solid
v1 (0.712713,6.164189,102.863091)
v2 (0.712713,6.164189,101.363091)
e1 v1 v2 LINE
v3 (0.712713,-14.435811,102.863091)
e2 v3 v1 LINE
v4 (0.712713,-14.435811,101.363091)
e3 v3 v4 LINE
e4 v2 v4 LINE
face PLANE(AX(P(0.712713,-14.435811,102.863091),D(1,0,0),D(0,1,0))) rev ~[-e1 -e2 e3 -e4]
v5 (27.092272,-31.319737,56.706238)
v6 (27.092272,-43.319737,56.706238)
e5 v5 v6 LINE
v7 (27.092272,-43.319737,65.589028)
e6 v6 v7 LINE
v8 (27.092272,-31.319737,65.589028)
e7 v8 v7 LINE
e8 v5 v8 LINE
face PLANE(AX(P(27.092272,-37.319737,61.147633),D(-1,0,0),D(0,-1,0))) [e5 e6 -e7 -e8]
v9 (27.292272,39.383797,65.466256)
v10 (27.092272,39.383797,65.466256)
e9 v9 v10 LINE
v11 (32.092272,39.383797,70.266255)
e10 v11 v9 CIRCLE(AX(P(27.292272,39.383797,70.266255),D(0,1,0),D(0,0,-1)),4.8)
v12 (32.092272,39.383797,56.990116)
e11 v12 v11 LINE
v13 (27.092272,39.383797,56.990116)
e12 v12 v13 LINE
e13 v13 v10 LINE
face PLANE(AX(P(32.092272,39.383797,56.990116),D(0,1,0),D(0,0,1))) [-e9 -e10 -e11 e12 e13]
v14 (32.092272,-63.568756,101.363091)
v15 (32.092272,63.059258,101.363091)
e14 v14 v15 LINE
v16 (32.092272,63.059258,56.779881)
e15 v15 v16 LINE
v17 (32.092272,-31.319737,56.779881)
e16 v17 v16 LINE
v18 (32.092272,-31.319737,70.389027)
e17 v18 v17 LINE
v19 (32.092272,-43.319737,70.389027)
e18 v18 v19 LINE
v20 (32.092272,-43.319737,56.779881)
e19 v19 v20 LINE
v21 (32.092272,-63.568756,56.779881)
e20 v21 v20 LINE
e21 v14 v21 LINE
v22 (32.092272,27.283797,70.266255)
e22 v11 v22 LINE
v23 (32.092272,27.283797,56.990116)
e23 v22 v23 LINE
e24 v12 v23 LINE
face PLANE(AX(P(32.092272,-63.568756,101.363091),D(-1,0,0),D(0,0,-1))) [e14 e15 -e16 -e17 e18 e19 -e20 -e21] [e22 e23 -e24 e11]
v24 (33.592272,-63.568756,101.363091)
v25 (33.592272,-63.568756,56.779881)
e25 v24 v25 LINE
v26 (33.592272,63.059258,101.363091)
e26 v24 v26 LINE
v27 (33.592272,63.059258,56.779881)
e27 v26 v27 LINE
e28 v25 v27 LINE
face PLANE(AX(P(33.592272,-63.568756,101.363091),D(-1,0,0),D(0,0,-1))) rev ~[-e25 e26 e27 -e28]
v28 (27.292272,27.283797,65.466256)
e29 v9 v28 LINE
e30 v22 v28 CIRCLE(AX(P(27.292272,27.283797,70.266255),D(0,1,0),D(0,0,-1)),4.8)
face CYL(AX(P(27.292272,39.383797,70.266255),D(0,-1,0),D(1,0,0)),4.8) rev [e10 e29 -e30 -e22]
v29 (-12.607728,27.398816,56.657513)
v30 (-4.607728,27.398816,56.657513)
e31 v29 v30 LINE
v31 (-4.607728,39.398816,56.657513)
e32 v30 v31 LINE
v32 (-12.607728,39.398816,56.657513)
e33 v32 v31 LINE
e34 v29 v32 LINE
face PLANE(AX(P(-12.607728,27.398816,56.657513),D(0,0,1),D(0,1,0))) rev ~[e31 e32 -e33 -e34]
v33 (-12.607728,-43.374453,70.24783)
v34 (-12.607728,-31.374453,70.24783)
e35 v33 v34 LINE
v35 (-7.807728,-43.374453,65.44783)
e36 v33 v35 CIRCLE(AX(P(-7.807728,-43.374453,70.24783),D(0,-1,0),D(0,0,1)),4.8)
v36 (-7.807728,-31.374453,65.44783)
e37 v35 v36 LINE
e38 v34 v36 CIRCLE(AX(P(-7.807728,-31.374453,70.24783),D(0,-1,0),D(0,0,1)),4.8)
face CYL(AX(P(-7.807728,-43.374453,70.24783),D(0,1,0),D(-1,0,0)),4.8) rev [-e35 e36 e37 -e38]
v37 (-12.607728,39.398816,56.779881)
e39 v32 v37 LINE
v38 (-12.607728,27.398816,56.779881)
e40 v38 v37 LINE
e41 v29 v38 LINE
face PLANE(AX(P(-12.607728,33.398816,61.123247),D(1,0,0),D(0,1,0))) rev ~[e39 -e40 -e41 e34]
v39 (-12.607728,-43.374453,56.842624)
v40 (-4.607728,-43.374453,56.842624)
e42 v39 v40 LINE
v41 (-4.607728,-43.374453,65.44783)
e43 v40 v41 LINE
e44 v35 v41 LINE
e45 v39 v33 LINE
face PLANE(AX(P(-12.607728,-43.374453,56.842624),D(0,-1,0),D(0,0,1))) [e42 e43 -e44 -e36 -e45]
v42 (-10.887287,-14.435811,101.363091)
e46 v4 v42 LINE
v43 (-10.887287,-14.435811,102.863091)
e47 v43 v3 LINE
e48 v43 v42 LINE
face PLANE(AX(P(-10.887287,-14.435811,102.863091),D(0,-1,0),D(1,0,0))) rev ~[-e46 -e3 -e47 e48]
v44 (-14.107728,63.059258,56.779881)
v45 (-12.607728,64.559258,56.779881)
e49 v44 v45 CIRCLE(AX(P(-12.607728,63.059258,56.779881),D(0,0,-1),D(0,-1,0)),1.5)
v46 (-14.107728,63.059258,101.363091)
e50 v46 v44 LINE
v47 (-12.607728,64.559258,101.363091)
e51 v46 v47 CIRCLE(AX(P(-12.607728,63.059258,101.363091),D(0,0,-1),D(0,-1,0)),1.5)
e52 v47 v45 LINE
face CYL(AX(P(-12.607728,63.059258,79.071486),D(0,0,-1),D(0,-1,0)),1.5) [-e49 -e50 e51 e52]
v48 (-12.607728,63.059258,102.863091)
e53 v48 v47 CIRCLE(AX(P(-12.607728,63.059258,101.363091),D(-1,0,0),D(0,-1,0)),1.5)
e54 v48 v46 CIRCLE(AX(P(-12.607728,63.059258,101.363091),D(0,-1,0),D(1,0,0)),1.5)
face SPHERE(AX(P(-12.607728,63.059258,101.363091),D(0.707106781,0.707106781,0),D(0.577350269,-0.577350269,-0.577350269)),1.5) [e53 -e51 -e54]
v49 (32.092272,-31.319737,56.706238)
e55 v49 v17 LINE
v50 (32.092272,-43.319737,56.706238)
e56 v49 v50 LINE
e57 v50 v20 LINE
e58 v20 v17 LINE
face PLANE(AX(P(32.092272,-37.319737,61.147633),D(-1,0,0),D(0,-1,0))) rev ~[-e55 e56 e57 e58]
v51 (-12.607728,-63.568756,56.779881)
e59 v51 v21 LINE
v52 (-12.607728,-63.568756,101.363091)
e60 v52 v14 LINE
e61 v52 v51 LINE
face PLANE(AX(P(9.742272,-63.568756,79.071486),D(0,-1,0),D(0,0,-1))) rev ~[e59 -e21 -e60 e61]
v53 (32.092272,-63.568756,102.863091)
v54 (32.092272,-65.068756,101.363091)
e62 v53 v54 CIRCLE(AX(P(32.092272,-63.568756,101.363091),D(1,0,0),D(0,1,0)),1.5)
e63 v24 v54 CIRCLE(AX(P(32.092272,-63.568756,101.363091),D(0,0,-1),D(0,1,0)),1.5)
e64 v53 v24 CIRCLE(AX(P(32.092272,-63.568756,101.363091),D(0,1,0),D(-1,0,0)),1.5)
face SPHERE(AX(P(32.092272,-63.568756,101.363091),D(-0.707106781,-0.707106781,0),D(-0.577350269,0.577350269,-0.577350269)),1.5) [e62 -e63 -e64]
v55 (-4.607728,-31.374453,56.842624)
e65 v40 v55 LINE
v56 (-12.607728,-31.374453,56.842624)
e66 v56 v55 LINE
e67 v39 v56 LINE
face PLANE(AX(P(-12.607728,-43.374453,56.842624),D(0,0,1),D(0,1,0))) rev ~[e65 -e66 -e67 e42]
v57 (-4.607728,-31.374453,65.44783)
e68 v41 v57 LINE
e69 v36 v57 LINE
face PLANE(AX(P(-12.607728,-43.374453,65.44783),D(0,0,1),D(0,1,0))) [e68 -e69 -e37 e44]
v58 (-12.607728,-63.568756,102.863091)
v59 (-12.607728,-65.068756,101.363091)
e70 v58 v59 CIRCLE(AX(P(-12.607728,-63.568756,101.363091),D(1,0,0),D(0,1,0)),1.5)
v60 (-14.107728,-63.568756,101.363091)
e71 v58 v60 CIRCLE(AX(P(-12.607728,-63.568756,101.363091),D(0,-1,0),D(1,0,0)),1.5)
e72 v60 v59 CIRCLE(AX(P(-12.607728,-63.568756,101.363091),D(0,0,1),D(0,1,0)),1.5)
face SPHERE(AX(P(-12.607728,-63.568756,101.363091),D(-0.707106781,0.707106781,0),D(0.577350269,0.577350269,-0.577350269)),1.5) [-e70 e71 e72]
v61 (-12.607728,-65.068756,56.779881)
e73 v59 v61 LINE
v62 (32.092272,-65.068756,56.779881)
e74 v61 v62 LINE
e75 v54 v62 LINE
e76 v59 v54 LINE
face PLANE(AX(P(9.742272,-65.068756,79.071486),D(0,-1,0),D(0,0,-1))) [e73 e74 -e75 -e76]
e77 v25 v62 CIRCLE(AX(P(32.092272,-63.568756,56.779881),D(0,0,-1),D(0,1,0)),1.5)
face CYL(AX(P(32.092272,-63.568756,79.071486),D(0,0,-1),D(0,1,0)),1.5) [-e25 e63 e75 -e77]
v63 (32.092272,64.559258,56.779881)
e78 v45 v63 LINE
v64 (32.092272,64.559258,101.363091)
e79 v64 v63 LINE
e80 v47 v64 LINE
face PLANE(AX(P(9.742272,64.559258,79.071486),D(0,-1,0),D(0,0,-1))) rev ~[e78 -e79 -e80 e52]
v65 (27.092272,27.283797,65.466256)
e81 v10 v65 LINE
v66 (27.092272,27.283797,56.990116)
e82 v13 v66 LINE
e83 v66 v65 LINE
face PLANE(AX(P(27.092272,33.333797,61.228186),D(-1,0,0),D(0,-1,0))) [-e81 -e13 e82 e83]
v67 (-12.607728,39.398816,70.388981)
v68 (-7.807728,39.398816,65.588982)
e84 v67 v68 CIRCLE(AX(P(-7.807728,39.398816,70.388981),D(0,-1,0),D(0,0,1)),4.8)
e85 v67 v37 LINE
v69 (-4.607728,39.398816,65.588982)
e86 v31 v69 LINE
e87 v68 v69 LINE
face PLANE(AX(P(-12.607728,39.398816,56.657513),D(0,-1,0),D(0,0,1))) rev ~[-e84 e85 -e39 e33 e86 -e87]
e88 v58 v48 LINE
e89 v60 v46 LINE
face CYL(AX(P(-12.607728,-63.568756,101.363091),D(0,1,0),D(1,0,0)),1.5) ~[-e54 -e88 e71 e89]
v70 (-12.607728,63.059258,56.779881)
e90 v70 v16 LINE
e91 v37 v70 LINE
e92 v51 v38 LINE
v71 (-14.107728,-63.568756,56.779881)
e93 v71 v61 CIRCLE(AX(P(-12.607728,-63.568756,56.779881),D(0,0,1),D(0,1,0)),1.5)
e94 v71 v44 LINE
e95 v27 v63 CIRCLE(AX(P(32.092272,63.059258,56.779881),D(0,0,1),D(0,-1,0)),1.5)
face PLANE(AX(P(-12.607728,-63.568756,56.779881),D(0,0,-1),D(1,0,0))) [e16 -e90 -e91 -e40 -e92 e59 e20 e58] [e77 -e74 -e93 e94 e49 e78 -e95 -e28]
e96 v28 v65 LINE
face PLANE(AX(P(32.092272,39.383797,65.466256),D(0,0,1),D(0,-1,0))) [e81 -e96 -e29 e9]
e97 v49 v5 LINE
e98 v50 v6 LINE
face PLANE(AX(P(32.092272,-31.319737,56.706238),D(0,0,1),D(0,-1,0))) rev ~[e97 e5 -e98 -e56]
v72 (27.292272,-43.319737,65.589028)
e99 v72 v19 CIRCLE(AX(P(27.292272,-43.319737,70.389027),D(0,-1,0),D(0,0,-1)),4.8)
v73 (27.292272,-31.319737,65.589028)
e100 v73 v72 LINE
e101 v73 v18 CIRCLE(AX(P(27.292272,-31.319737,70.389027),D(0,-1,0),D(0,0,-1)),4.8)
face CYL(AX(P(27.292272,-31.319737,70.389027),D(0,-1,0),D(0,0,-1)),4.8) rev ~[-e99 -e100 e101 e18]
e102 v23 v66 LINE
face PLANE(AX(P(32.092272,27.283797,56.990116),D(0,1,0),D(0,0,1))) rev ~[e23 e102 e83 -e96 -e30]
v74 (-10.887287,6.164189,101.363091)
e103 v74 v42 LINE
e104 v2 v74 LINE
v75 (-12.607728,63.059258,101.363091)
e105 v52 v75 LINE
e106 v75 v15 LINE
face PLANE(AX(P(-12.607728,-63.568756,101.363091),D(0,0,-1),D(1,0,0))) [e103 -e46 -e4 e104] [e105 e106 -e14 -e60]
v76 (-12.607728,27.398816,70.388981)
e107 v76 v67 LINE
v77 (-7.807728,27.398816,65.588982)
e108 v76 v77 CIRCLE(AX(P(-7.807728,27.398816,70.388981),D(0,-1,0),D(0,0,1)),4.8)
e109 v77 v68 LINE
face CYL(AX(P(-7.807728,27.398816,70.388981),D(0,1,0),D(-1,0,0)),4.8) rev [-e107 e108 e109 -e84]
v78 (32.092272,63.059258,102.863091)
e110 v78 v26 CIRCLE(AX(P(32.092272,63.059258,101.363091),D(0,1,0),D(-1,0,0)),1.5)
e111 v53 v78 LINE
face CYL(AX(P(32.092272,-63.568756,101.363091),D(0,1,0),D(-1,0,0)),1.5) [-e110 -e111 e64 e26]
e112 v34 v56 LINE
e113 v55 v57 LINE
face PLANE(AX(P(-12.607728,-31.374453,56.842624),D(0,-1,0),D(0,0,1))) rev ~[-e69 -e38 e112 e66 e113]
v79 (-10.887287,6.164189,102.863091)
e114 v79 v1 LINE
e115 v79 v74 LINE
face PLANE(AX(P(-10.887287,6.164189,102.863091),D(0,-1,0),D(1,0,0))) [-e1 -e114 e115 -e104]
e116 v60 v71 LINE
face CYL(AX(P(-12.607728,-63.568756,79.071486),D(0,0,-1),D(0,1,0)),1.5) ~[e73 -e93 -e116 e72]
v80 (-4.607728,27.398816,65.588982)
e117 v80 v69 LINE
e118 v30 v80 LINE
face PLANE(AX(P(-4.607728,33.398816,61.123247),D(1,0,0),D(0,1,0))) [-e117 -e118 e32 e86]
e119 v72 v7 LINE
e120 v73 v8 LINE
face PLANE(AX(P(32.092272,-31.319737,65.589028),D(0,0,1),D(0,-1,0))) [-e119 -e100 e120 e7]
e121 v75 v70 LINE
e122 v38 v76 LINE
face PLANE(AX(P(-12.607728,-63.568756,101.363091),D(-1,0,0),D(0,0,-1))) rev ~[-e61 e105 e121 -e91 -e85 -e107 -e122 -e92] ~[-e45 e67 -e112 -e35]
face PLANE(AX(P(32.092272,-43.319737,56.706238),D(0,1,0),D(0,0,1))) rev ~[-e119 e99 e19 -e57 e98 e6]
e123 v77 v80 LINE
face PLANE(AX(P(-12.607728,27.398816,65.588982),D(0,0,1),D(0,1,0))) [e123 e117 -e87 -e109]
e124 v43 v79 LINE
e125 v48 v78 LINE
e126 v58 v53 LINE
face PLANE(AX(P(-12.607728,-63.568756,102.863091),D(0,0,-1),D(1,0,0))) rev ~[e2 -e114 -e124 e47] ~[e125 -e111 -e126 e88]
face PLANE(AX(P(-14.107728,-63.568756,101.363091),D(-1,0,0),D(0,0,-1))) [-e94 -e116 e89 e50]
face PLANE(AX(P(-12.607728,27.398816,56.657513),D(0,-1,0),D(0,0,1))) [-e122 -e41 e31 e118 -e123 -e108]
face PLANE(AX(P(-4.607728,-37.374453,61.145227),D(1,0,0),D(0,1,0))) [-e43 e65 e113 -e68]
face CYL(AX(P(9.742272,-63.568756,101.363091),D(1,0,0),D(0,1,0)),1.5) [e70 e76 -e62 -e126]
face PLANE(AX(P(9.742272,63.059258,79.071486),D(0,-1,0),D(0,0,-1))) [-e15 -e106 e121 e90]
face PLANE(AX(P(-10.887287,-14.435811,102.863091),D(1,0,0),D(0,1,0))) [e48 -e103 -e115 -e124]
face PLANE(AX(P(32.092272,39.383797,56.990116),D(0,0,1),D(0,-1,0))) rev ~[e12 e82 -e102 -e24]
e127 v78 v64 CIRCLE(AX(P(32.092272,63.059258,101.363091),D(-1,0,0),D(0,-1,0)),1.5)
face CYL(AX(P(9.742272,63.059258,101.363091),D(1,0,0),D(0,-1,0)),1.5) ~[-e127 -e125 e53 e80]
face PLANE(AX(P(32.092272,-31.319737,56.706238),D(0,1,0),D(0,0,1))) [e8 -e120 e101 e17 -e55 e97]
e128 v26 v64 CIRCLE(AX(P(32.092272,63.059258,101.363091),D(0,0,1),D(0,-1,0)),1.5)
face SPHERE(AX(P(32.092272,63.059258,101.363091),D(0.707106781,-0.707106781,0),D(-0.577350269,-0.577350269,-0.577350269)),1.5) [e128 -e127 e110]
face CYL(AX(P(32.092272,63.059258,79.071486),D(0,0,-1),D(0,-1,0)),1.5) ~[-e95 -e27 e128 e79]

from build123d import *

# Parameters (mm, degrees)
SKETCH008_W     = 44.58321
SKETCH008_H     = 44.7
PAD006_DEPTH    = 126.628014
THICKNESS_T     = 1.5
SKETCH009_W     = 12
SKETCH009_H     = 8.605206
SKETCH009_H_2   = 8.931469
PAD007_DEPTH    = 8
SKETCH010_W     = 12.1
SKETCH010_H     = 8.476139
SKETCH010_W_2   = 12
SKETCH010_H_2   = 8.882789
PAD008_DEPTH    = 5
SKETCH014_W     = 11.6
SKETCH014_H     = 20.6
POCKET003_DEPTH = 5
FILLET_R        = 4.8


with BuildPart() as part:
    # Sketch008 (on Face1 of ShapeBinder002) → Pad006 (new body)
    with BuildSketch(Plane(origin=(0, -63.568756, 0), x_dir=(0, 0, -1), z_dir=(0, -1, 0))):
        with Locations((-79.071486, 9.742272)):
            Rectangle(SKETCH008_W, SKETCH008_H)
    extrude(amount=-PAD006_DEPTH)

    # Thickness
    thickness_openings = [part.faces().sort_by_distance(p)[0] for p in [
        (9.742272, -0.254749, 56.779881),
    ]]
    offset(amount=THICKNESS_T, openings=thickness_openings)

    # Sketch009 (on Face5 of Thickness) → Pad007 (join)
    with BuildSketch(Plane.YZ.offset(-12.607728)):
        with Locations((-37.374453, 61.145227)):
            Rectangle(SKETCH009_W, SKETCH009_H)
        with Locations((33.398816, 61.123247)):
            Rectangle(SKETCH009_W, SKETCH009_H_2)
    extrude(amount=PAD007_DEPTH)

    # Sketch010 (on Face1 of Pad007) → Pad008 (join)
    with BuildSketch(Plane(origin=(32.092272, 0, 0), x_dir=(0, -1, 0), z_dir=(-1, 0, 0))):
        with Locations((-33.333797, 61.228186)):
            Rectangle(SKETCH010_W, SKETCH010_H)
        with Locations((37.319737, 61.147633)):
            Rectangle(SKETCH010_W_2, SKETCH010_H_2)
    extrude(amount=PAD008_DEPTH)

    # Sketch014 (on Face45 of Pad008) → Pocket003 (cut)
    with BuildSketch(Plane.XY.offset(102.863091)):
        with Locations((-5.087287, -4.135811)):
            Rectangle(SKETCH014_W, SKETCH014_H)
    extrude(amount=-POCKET003_DEPTH, mode=Mode.SUBTRACT)

    # Fillet
    fillet_edges = [part.edges().sort_by_distance(p)[0] for p in [
        (32.092272, -37.319737, 65.589027),
        (32.092272, 33.333797, 65.466255),
        (-12.607728, -37.374453, 65.44783),
        (-12.607728, 33.398816, 65.588982),
    ]]
    fillet(fillet_edges, radius=FILLET_R)


solid = part.part
